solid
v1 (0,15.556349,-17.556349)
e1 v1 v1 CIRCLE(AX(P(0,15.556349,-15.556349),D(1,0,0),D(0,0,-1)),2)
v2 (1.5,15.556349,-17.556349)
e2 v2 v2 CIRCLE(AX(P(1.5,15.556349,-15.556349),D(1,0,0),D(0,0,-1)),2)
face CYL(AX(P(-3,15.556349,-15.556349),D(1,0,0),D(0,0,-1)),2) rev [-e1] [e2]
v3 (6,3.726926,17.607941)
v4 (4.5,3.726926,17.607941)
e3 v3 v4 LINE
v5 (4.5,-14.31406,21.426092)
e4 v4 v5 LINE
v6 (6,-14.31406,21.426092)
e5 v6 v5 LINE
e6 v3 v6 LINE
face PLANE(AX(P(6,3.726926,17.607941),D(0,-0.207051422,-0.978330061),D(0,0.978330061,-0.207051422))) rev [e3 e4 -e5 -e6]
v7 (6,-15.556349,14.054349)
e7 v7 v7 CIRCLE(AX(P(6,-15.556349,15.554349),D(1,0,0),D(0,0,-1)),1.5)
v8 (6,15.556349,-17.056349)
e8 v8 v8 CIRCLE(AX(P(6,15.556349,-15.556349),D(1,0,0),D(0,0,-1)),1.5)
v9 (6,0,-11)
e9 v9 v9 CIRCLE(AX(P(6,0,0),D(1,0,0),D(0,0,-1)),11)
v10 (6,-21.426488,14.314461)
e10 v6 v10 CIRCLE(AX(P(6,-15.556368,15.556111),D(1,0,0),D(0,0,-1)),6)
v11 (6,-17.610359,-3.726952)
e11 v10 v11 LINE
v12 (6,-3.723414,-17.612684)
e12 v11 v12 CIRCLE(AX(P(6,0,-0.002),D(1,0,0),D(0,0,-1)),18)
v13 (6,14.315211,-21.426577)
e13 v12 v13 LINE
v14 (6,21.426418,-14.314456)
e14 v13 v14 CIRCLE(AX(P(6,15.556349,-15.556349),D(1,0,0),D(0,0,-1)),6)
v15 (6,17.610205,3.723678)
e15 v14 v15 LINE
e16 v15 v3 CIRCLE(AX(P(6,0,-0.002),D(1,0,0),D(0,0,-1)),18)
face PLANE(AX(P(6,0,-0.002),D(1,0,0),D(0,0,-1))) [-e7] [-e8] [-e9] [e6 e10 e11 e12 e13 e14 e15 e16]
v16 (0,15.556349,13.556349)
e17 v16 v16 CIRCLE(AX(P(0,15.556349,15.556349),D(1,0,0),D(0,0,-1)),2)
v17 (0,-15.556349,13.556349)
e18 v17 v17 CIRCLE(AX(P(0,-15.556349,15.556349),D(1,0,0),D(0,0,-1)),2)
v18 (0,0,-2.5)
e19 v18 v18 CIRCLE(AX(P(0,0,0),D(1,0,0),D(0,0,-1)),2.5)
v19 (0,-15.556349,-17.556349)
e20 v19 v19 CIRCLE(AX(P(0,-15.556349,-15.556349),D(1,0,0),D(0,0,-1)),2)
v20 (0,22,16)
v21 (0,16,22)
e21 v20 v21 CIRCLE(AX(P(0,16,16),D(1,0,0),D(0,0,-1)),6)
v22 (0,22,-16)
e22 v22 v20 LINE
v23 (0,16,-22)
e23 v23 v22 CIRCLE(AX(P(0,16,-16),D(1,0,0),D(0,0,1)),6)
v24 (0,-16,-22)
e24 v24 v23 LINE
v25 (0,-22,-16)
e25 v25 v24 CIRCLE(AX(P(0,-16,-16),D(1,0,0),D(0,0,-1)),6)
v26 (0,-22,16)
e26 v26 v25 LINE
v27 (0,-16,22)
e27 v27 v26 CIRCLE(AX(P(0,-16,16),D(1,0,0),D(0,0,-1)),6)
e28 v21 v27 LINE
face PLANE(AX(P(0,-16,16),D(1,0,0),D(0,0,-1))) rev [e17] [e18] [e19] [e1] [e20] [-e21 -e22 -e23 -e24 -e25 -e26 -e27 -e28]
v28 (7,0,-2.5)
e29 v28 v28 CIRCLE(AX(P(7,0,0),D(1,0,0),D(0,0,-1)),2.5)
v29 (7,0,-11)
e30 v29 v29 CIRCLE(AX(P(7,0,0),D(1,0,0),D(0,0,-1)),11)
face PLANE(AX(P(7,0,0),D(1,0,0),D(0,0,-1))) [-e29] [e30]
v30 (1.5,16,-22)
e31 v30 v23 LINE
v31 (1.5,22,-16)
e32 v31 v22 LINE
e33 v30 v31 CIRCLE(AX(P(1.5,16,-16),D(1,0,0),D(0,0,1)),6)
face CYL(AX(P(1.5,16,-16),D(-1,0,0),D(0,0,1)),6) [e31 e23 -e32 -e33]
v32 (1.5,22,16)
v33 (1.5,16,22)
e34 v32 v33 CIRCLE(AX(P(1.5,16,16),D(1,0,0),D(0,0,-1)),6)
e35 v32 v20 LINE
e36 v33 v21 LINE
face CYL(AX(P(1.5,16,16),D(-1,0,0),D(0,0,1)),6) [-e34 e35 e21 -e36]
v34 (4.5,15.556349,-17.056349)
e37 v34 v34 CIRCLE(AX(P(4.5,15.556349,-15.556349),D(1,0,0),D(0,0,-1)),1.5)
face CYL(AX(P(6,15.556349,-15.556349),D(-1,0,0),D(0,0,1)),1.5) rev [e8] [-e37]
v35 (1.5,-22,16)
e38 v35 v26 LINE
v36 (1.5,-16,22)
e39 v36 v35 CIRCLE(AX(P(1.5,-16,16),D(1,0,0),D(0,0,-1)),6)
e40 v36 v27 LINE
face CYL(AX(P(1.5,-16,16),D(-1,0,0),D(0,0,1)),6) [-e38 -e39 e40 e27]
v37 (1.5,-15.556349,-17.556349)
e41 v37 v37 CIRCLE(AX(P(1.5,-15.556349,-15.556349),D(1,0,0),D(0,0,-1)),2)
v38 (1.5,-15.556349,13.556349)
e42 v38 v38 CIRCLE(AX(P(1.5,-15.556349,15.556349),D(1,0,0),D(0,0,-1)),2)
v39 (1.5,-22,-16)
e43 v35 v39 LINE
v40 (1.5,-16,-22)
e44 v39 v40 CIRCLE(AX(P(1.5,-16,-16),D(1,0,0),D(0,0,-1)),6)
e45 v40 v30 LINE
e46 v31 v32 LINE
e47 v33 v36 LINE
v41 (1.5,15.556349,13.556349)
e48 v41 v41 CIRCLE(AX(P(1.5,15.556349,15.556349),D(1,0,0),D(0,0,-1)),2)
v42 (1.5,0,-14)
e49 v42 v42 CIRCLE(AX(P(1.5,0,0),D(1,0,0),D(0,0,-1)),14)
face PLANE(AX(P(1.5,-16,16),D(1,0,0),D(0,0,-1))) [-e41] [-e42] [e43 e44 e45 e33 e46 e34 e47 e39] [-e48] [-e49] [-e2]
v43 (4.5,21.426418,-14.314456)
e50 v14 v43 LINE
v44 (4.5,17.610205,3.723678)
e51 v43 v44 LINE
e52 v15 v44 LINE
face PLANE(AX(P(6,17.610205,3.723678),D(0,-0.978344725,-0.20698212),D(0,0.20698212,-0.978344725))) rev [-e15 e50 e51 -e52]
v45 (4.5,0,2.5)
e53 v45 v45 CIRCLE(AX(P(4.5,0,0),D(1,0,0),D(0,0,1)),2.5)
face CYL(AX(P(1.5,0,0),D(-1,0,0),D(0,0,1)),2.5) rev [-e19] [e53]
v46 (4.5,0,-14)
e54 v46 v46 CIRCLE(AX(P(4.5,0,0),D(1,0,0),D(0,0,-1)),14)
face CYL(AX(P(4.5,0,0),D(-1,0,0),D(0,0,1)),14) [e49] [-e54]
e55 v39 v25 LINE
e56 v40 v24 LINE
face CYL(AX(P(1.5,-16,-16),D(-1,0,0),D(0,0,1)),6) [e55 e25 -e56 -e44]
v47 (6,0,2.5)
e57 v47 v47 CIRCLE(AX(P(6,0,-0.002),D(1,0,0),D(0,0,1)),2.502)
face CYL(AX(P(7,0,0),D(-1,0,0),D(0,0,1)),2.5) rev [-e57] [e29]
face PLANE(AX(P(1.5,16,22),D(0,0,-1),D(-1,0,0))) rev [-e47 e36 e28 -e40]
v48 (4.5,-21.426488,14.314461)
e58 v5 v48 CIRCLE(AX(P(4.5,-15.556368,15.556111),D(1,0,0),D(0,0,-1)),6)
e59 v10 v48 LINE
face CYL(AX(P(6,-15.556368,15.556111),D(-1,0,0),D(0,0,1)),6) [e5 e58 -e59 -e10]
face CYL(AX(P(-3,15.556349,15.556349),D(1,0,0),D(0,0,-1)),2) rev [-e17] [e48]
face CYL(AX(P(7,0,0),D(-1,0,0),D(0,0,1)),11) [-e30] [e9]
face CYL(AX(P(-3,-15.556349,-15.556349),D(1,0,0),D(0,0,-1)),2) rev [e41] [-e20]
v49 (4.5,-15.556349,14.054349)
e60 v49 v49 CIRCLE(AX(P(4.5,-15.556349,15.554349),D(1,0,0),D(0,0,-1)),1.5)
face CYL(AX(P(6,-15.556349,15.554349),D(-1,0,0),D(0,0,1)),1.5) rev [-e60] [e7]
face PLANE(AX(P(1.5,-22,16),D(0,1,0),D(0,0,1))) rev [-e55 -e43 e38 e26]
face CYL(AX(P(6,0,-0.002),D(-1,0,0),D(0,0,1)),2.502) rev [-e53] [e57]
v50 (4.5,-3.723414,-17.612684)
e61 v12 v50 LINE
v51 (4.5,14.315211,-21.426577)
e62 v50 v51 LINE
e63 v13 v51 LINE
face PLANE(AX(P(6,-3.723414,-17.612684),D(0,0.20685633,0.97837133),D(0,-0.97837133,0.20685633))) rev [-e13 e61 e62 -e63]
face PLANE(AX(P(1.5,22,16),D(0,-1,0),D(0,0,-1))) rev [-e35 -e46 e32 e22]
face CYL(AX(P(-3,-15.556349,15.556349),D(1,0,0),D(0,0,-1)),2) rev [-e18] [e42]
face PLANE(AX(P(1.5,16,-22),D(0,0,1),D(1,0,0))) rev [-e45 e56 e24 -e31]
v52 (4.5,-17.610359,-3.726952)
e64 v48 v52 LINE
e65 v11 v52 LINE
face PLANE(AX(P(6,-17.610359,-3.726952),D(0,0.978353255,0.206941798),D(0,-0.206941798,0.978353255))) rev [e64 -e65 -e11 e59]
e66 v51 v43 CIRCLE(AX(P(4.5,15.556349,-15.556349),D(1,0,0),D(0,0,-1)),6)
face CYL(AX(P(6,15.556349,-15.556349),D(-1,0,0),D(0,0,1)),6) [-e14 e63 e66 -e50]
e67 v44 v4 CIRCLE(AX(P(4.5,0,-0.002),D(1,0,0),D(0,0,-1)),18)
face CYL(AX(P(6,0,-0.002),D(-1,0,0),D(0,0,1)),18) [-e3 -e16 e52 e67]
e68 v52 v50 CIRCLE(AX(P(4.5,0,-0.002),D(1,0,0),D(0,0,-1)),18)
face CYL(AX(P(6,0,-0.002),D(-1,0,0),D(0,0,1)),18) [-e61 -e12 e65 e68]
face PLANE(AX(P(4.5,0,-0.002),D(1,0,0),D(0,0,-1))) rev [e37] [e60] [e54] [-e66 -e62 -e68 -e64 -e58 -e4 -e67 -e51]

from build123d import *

# Parameters (mm, degrees)
SKETCH1_R           = 2.5
BOSS_EXTRUDE1_DEPTH = 1.5
SKETCH2_R           = 14
SKETCH2_R_2         = 2.5
BOSS_EXTRUDE2_DEPTH = 3
SKETCH4_R           = 1.5
SKETCH4_R_2         = 2.502
BOSS_EXTRUDE3_DEPTH = 1.5
SKETCH3_R           = 2
CUT_EXTRUDE1_DEPTH  = 7.5
SKETCH5_R           = 11
SKETCH5_R_2         = 2.5
BOSS_EXTRUDE4_DEPTH = 1


with BuildPart() as part:
    # Sketch1 → Boss-Extrude1 (new body)
    with BuildSketch(Plane(origin=(0, 0, 0), x_dir=(0, 0, -1), z_dir=(1, 0, 0))):
        with BuildLine():
            Line((-16, 22), (16, 22))
            ThreePointArc((16, 22), (20.242640687, 20.242640687), (22, 16))
            Line((22, 16), (22, -16))
            ThreePointArc((22, -16), (20.242640687, -20.242640687), (16, -22))
            Line((16, -22), (-16, -22))
            ThreePointArc((-16, -22), (-20.242640687, -20.242640687), (-22, -16))
            Line((-22, -16), (-22, 16))
            ThreePointArc((-22, 16), (-20.242640687, 20.242640687), (-16, 22))
        make_face()
        Circle(SKETCH1_R, mode=Mode.SUBTRACT)
    extrude(amount=BOSS_EXTRUDE1_DEPTH)

    # Sketch2 → Boss-Extrude2 (add)
    with BuildSketch(Plane(origin=(1.5, 0, 0), x_dir=(0, 0, -1), z_dir=(1, 0, 0))):
        Circle(SKETCH2_R)
        Circle(SKETCH2_R_2, mode=Mode.SUBTRACT)
    extrude(amount=BOSS_EXTRUDE2_DEPTH)

    # Sketch4 → Boss-Extrude3 (add)
    with BuildSketch(Plane(origin=(4.5, 0, 0), x_dir=(0, 0, -1), z_dir=(1, 0, 0))):
        with BuildLine():
            Line((-3.723678165, 17.610205059), (14.314456464, 21.426417539))
            ThreePointArc((14.314456464, 21.426417539), (19.79871712, 19.799262609), (21.426577165, 14.315211208))
            Line((21.426577165, 14.315211208), (17.612683935, -3.723413935))
            ThreePointArc((17.612683935, -3.723413935), (12.730477998, -12.7273661), (3.726952372, -17.610358594))
            Line((3.726952372, -17.610358594), (-14.314460707, -21.426487839))
            ThreePointArc((-14.314460707, -21.426487839), (-19.798989873, -19.798771294), (-21.426091866, -14.314059778))
            Line((-21.426091866, -14.314059778), (-17.607941103, 3.726925591))
            ThreePointArc((-17.607941103, 3.726925591), (-12.725471256, 12.728372851), (-3.723678165, 17.610205059))
        make_face()
        with Locations((15.556349186, 15.556349186)):
            Circle(SKETCH4_R, mode=Mode.SUBTRACT)
        with Locations((-15.554349186, -15.556349186)):
            Circle(SKETCH4_R, mode=Mode.SUBTRACT)
        with Locations(Location((0.002, 0, 0), (0, 0, 180))):
            Circle(SKETCH4_R_2, mode=Mode.SUBTRACT)
    extrude(amount=BOSS_EXTRUDE3_DEPTH)

    # Sketch3 → Cut-Extrude1 (cut)
    with BuildSketch(Plane(origin=(4.5, 0, 0), x_dir=(0, 0, -1), z_dir=(1, 0, 0))):
        with Locations((15.556349186, 15.556349186)):
            Circle(SKETCH3_R)
        with Locations((15.556349186, -15.556349186)):
            Circle(SKETCH3_R)
        with Locations((-15.556349186, -15.556349186)):
            Circle(SKETCH3_R)
        with Locations((-15.556349186, 15.556349186)):
            Circle(SKETCH3_R)
    extrude(amount=-CUT_EXTRUDE1_DEPTH, mode=Mode.SUBTRACT)

    # Sketch5 → Boss-Extrude4 (add)
    with BuildSketch(Plane(origin=(6, 0, 0), x_dir=(0, 0, -1), z_dir=(1, 0, 0))):
        Circle(SKETCH5_R)
        with Locations(Location((0, 0, 0), (0, 0, 180))):
            Circle(SKETCH5_R_2, mode=Mode.SUBTRACT)
    extrude(amount=BOSS_EXTRUDE4_DEPTH)


solid = part.part
